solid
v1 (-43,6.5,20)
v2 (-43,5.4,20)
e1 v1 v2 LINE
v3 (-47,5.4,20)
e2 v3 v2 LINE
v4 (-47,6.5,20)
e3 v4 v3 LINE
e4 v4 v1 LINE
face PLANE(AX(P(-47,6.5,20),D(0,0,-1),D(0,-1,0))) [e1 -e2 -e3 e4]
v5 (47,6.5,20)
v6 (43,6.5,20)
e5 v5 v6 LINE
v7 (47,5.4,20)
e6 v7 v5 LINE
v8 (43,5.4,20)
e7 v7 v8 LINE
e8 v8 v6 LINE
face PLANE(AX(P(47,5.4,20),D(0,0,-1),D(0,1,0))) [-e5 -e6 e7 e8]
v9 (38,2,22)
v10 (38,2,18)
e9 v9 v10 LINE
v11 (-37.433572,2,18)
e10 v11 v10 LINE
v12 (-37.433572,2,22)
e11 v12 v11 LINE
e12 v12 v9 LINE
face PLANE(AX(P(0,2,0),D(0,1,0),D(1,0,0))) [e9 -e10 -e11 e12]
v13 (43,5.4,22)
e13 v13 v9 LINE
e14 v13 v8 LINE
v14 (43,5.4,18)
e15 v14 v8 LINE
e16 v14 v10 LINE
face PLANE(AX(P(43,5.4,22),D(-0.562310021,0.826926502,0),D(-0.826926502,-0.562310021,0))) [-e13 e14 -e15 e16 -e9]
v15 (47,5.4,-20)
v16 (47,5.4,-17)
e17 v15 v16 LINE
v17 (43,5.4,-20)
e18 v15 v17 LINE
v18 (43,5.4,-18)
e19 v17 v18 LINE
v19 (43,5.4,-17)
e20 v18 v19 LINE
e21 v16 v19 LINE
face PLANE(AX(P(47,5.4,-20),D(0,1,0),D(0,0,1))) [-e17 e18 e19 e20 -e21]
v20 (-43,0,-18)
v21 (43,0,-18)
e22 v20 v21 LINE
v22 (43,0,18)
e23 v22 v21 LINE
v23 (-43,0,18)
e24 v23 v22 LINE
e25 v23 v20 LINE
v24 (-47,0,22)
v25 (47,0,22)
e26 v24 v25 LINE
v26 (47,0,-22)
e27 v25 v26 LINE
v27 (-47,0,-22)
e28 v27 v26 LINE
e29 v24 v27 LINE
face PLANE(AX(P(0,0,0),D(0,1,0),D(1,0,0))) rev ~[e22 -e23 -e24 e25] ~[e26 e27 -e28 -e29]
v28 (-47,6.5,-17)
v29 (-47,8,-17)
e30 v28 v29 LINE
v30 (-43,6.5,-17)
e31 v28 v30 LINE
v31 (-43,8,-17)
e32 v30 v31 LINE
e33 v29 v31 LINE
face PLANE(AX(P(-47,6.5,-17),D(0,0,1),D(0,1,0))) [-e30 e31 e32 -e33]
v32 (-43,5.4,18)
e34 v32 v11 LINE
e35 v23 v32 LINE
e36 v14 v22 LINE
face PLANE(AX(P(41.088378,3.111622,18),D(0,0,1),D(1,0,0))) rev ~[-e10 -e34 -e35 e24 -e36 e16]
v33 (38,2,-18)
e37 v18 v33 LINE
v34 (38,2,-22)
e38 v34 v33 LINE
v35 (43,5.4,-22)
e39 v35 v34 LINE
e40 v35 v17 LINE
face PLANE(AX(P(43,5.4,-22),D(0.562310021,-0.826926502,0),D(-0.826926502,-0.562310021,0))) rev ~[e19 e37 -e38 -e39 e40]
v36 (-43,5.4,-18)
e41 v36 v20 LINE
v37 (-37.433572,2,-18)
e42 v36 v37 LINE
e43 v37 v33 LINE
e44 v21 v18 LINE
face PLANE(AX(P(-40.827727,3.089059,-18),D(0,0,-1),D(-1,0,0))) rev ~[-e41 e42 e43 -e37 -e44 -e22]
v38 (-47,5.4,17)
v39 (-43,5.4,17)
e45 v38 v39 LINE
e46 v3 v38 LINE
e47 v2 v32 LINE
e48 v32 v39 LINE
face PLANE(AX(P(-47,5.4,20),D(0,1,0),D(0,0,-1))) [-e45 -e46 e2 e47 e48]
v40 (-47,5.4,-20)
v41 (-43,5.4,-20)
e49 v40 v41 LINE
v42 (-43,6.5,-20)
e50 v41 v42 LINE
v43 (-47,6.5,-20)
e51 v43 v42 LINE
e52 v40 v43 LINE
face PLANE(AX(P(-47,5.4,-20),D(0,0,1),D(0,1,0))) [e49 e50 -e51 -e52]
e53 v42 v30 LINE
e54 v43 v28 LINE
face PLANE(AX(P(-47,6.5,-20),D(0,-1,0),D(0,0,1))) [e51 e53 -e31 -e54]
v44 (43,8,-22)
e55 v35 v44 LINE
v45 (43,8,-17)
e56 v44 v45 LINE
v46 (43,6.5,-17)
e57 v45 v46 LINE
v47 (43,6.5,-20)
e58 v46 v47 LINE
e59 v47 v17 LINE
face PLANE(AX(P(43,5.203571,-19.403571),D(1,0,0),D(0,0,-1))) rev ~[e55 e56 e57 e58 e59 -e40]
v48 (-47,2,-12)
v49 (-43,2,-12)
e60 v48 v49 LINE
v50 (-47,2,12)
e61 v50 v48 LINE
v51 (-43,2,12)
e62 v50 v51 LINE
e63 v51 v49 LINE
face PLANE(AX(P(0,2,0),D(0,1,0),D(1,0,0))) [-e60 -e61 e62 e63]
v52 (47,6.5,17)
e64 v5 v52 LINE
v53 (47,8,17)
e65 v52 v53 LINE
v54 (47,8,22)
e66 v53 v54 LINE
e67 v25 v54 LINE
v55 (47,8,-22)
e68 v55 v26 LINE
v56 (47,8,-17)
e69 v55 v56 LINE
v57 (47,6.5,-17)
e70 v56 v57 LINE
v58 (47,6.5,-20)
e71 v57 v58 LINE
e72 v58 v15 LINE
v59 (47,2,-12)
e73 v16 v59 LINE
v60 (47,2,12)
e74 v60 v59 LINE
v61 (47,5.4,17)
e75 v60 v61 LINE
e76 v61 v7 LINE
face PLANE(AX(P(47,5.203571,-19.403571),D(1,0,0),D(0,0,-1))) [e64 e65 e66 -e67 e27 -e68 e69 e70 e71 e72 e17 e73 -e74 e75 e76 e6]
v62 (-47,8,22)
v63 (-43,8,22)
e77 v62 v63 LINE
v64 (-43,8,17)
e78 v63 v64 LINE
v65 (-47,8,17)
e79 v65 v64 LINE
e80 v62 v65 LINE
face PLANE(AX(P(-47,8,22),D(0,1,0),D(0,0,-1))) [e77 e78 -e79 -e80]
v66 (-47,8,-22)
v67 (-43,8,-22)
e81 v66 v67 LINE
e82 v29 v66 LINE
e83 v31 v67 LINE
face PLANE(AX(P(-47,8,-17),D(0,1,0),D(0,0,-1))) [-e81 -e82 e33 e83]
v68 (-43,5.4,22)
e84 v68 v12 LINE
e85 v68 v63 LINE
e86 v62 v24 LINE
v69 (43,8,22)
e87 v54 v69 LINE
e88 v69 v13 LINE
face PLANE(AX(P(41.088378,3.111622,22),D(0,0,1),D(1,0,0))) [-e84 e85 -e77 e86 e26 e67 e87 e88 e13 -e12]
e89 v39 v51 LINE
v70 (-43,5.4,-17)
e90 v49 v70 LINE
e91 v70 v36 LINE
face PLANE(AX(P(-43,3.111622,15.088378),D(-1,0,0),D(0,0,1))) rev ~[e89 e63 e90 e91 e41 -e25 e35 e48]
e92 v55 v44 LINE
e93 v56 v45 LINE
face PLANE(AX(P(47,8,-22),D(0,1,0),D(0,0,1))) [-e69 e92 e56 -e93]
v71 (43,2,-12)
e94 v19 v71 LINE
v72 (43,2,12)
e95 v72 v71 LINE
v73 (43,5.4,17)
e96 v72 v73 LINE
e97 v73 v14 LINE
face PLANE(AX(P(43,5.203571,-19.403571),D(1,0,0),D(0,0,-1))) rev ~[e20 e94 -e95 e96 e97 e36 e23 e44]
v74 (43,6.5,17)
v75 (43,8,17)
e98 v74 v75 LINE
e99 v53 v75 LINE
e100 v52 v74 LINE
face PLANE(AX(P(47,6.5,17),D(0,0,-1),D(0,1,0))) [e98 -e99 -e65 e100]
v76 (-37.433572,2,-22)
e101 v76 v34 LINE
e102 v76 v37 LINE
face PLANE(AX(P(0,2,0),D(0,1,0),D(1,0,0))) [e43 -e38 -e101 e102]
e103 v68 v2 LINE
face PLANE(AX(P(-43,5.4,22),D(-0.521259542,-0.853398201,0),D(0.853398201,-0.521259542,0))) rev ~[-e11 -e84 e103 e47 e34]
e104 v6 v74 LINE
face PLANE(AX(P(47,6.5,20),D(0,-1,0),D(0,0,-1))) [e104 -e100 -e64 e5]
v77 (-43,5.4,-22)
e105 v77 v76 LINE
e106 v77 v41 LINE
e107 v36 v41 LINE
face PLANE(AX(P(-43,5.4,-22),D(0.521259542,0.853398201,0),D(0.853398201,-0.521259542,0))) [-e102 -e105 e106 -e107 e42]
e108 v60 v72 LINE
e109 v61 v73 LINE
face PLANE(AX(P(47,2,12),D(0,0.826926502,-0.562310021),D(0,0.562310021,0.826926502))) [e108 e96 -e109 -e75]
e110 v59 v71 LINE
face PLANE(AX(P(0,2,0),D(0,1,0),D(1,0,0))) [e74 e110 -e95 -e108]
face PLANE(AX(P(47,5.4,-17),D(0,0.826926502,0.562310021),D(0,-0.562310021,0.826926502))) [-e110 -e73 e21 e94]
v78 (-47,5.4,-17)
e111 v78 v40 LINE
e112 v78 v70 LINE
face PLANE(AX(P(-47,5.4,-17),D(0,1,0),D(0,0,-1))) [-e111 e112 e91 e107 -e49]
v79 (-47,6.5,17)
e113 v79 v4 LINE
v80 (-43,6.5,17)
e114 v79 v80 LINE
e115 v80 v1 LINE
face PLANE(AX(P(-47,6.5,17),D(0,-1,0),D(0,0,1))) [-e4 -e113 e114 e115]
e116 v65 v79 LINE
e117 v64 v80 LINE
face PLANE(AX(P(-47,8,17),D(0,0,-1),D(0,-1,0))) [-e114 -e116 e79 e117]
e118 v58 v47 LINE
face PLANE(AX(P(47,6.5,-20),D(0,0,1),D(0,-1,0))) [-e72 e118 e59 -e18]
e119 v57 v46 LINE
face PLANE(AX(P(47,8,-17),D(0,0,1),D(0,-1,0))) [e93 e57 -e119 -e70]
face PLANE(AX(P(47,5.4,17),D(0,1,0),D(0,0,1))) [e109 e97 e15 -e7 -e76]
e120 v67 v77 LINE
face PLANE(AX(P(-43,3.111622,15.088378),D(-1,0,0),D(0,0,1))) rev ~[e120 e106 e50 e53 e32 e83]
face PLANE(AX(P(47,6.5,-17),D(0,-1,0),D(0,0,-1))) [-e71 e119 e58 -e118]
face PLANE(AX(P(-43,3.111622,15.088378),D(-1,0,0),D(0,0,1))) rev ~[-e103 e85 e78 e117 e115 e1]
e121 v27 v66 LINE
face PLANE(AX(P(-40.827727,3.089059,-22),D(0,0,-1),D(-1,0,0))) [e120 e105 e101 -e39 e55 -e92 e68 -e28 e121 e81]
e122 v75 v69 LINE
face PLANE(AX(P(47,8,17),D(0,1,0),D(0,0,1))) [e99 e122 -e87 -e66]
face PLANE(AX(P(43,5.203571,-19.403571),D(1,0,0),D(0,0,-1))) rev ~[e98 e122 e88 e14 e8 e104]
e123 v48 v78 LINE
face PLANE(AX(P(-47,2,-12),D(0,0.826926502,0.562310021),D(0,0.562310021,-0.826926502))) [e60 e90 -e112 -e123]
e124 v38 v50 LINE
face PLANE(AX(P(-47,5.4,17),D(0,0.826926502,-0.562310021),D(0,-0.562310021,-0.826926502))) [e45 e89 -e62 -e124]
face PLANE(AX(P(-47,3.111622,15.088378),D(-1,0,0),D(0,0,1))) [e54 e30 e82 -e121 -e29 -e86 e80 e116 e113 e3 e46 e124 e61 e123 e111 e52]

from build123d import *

# Parameters (mm, degrees)
SKETCH_1_W       = 94
SKETCH_1_H       = 44
SKETCH_1_W_2     = 86
SKETCH_1_H_2     = 36
EXTRUDE_2_DEPTH  = 2
EXTRUDE_3_DEPTH  = 4
EXTRUDE_4_DEPTH  = 4
EXTRUDE_5_DEPTH  = 4
EXTRUDE_6_DEPTH  = 4
EXTRUDE_7_DEPTH  = 4
EXTRUDE_8_DEPTH  = 4
EXTRUDE_9_DEPTH  = 4
EXTRUDE_10_DEPTH = 4


with BuildPart() as part:
    # Эскиз1 → Бобышка-Вытянуть2 (new body)
    with BuildSketch(Plane(origin=(0, 0, 0), x_dir=(1, 0, 0), z_dir=(0, 1, 0))):
        Rectangle(SKETCH_1_W, SKETCH_1_H)
        Rectangle(SKETCH_1_W_2, SKETCH_1_H_2, mode=Mode.SUBTRACT)
    extrude(amount=EXTRUDE_2_DEPTH)

    # Эскиз2 → Бобышка-Вытянуть3 (add)
    with BuildSketch(Plane(origin=(47, 0, 0), x_dir=(0, 0, -1), z_dir=(1, 0, 0))):
        Polygon((-22, 8), (-22, 2), (-17, 2), (-17, 5.4), (-20, 5.4), (-20, 6.5), (-17, 6.5), (-17, 8), align=None)
        Polygon((-17, 5.4), (-17, 2), (-12, 2), align=None)
    extrude(amount=-EXTRUDE_3_DEPTH)

    # Эскиз3 → Бобышка-Вытянуть4 (add)
    with BuildSketch(Plane(origin=(47, 0, 0), x_dir=(0, 0, -1), z_dir=(1, 0, 0))):
        Polygon((17, 2), (22, 2), (22, 8), (17, 8), (17, 6.5), (20, 6.5), (20, 5.4), (17, 5.4), align=None)
        Polygon((12, 2), (17, 2), (17, 5.4), align=None)
    extrude(amount=-EXTRUDE_4_DEPTH)

    # Эскиз4 → Бобышка-Вытянуть5 (add)
    with BuildSketch(Plane.ZY.offset(47)):
        Polygon((-22, 8), (-22, 2), (-17, 2), (-17, 5.4), (-20, 5.4), (-20, 6.5), (-17, 6.5), (-17, 8), align=None)
        Polygon((-17, 5.4), (-17, 2), (-12, 2), align=None)
    extrude(amount=-EXTRUDE_5_DEPTH)

    # Эскиз5 → Бобышка-Вытянуть6 (add)
    with BuildSketch(Plane.ZY.offset(47)):
        Polygon((12, 2), (17, 2), (17, 5.4), align=None)
        Polygon((17, 2), (22, 2), (22, 8), (17, 8), (17, 6.5), (20, 6.5), (20, 5.4), (17, 5.4), align=None)
    extrude(amount=-EXTRUDE_6_DEPTH)

    # Эскиз6 → Бобышка-Вытянуть7 (add)
    with BuildSketch(Plane.XY.offset(22)):
        Polygon((-43, 2), (-43, 5.4), (-37.433571672, 2), align=None)
    extrude(amount=-EXTRUDE_7_DEPTH)

    # Эскиз7 → Бобышка-Вытянуть8 (add)
    with BuildSketch(Plane.XY.offset(22)):
        Polygon((43, 2), (43, 5.4), (38, 2), align=None)
    extrude(amount=-EXTRUDE_8_DEPTH)

    # Эскиз8 → Бобышка-Вытянуть9 (add)
    with BuildSketch(Plane(origin=(0, 0, -22), x_dir=(-1, 0, 0), z_dir=(0, 0, -1))):
        Polygon((-43, 2), (-43, 5.4), (-38, 2), align=None)
    extrude(amount=-EXTRUDE_9_DEPTH)

    # Эскиз9 → Бобышка-Вытянуть10 (add)
    with BuildSketch(Plane(origin=(0, 0, -22), x_dir=(-1, 0, 0), z_dir=(0, 0, -1))):
        Polygon((43, 2), (43, 5.4), (37.433571672, 2), align=None)
    extrude(amount=-EXTRUDE_10_DEPTH)


solid = part.part
